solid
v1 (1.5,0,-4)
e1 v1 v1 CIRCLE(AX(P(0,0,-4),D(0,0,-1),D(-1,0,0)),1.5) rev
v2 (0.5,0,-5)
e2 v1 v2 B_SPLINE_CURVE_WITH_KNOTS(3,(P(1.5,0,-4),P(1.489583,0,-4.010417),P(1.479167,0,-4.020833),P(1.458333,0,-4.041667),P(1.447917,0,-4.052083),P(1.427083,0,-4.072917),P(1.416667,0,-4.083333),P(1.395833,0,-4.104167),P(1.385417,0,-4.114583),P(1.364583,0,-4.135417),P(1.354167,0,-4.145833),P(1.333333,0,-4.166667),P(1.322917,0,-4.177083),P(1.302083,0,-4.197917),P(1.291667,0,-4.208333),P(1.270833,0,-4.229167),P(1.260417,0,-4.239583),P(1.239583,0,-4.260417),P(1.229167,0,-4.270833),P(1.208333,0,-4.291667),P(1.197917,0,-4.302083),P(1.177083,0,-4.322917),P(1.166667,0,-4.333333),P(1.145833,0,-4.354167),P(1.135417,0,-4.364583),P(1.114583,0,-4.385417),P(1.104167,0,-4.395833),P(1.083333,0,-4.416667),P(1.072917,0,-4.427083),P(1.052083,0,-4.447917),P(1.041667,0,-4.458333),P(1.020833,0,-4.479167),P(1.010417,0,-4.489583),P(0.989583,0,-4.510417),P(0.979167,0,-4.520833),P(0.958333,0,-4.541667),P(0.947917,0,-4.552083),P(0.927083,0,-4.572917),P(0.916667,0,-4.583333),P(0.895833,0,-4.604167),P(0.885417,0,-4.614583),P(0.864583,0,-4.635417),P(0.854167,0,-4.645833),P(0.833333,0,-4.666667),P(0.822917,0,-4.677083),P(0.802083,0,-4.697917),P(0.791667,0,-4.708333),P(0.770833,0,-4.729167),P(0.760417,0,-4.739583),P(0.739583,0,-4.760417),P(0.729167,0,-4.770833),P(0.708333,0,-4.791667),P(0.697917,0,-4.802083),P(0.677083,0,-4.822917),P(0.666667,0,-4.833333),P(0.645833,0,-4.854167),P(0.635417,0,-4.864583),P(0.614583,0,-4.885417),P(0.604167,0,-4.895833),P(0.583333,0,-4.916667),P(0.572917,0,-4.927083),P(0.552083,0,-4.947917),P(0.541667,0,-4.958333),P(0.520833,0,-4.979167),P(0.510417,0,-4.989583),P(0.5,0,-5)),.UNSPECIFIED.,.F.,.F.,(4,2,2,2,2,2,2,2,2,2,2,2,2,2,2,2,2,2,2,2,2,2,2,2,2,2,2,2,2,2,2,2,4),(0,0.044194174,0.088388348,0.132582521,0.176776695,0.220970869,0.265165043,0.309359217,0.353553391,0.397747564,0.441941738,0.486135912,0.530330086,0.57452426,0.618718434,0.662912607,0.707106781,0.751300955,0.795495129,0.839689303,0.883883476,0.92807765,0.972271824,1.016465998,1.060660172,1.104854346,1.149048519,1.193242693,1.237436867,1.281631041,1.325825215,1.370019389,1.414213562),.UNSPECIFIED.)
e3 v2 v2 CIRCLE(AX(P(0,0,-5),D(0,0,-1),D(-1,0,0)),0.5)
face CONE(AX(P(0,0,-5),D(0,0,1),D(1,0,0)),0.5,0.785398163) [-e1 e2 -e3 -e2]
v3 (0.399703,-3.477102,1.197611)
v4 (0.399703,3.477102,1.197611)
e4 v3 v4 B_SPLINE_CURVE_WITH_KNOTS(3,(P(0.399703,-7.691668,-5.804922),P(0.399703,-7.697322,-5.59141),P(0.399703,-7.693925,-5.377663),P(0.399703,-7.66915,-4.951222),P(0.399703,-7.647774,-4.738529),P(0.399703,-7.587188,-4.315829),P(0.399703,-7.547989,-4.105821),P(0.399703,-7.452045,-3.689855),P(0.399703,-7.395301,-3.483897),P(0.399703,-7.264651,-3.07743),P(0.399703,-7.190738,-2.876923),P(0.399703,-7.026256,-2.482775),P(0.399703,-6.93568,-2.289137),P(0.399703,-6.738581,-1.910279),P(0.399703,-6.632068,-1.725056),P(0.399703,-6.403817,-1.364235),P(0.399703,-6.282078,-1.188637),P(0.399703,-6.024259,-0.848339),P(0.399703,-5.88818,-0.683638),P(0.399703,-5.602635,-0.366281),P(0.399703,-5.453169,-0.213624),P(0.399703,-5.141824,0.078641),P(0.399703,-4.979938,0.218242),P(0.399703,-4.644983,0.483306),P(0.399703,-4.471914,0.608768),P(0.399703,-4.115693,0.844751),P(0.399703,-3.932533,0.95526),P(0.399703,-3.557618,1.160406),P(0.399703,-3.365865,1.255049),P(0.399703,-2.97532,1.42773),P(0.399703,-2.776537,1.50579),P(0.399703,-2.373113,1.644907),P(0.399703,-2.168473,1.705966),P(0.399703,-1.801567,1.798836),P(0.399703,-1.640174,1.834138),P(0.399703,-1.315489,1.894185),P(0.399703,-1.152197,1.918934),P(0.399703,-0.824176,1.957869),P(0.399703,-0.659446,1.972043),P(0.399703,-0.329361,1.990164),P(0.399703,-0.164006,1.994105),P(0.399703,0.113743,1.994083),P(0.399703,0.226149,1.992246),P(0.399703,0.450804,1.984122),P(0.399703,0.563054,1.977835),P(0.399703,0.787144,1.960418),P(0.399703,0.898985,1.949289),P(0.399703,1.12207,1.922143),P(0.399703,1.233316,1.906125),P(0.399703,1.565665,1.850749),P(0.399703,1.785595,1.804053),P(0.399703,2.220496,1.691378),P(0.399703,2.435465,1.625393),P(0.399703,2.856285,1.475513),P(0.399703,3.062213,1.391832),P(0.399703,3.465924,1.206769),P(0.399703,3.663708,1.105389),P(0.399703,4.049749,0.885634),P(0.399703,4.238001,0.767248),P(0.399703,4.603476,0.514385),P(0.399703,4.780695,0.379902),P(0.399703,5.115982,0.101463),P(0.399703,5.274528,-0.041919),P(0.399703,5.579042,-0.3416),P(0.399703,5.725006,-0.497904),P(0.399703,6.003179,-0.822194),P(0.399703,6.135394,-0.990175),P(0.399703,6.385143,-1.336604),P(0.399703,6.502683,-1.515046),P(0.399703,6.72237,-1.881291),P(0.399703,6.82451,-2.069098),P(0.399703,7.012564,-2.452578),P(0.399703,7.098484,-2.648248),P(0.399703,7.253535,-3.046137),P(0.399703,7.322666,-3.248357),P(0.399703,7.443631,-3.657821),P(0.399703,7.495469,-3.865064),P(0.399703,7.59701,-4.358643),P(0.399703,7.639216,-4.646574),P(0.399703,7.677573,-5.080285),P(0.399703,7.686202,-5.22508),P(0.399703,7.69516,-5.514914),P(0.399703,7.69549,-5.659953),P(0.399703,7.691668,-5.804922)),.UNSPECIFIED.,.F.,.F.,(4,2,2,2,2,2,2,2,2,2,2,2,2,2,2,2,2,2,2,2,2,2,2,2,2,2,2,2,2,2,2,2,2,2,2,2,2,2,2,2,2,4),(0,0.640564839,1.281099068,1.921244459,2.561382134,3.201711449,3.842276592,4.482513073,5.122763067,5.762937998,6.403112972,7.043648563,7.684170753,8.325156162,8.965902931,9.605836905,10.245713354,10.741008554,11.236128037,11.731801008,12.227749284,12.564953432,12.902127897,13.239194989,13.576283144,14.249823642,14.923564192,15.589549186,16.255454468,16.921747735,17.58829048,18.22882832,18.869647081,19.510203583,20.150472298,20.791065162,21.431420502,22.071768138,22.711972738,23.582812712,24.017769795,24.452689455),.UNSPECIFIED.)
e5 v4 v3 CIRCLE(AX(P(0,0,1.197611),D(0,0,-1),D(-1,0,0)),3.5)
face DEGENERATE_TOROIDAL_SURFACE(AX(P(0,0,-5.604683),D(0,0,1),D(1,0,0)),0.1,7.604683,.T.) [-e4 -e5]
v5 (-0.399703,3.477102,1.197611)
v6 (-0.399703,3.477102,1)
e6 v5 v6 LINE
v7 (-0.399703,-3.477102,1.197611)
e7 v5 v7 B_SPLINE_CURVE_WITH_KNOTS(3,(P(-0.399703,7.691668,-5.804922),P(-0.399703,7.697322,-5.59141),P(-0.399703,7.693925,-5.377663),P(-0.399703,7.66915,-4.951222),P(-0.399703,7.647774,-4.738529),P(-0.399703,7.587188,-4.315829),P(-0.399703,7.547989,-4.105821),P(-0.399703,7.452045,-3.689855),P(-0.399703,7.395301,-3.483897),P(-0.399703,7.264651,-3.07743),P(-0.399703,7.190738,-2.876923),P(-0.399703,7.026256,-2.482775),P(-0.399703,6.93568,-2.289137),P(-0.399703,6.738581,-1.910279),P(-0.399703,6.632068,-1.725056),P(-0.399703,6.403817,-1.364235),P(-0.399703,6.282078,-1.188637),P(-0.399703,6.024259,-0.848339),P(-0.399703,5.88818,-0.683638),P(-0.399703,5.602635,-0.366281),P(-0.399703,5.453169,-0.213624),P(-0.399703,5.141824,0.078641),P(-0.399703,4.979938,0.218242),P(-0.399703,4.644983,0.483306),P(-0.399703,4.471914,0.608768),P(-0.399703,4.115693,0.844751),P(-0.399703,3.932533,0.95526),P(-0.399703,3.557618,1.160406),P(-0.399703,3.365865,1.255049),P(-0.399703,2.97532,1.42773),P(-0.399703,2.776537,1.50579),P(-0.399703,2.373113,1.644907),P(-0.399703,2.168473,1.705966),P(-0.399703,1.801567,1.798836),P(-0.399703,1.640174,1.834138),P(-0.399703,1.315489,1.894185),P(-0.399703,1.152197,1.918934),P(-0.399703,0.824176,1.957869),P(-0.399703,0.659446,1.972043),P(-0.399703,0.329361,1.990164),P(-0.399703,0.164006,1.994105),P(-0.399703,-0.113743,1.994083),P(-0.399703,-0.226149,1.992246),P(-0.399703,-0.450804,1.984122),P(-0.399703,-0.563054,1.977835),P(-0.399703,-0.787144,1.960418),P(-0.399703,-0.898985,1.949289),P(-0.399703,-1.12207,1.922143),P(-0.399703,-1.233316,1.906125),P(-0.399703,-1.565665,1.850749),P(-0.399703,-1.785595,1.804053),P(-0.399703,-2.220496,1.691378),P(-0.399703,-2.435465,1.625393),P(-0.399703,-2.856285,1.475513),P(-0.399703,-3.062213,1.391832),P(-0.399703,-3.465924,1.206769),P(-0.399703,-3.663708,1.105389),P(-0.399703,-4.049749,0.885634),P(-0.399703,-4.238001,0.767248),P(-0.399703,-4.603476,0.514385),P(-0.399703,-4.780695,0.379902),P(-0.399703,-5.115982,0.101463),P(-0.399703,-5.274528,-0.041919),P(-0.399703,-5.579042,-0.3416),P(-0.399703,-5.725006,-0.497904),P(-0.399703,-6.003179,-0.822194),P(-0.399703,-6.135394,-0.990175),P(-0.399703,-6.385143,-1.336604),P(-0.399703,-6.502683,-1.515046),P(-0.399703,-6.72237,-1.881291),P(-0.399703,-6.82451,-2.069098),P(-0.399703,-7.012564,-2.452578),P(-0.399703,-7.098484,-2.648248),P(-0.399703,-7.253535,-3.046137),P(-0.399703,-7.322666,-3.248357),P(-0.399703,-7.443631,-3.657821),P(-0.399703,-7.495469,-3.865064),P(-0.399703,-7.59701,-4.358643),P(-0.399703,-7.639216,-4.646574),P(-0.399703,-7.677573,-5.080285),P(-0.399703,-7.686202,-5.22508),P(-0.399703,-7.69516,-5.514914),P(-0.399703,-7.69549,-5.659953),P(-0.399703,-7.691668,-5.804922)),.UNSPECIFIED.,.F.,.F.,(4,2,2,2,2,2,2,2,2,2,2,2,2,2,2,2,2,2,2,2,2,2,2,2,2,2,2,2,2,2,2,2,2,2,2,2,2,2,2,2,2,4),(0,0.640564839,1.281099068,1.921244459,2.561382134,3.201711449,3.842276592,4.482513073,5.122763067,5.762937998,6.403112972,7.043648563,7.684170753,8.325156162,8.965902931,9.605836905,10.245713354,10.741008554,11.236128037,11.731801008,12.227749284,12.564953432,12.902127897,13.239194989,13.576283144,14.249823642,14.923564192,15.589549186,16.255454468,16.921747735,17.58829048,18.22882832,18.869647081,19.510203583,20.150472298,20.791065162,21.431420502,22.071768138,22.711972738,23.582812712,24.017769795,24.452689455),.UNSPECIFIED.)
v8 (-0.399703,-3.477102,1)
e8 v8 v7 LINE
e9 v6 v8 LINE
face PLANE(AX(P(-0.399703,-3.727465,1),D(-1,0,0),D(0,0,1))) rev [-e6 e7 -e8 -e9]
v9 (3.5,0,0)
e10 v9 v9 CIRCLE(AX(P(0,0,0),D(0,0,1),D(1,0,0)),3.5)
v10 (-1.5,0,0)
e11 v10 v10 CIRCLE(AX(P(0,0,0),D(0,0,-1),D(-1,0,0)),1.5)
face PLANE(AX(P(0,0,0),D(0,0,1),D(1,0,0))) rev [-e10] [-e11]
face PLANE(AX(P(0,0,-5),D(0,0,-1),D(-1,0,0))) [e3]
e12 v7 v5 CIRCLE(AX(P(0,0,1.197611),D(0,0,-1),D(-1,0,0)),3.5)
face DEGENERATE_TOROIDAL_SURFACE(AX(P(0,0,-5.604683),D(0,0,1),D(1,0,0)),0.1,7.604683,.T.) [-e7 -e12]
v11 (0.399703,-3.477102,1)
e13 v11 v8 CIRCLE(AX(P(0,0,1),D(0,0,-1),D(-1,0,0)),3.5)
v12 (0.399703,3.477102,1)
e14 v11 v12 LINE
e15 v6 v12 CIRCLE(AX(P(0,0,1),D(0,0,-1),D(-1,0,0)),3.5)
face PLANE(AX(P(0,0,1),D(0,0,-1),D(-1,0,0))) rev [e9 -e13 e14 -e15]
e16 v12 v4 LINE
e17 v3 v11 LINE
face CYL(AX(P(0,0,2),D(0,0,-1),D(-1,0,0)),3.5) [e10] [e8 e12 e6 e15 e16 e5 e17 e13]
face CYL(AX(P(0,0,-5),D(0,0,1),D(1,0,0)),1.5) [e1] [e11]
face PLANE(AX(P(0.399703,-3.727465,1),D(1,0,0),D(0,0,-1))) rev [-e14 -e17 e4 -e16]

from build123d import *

# Parameters (mm, degrees)
SKETCH_1_R          = 3.5
EXTRUDE_1_DEPTH     = 2
SKETCH_2_W          = 0.799406376
SKETCH_2_H          = 7.454929226
CUT_EXTRUDE_1_DEPTH = 1
SKETCH_3_R          = 1.5
EXTRUDE_2_DEPTH     = 5
CHAMFER_1_SIZE      = 1


with BuildPart() as part:
    # Эскиз1 → Бобышка-Вытянуть1 (new body)
    with BuildSketch(Plane.XY):
        Circle(SKETCH_1_R)
    extrude(amount=EXTRUDE_1_DEPTH)

    # Эскиз2 → Вырез-Вытянуть1 (cut)
    with BuildSketch(Plane.XY.offset(2)):
        Rectangle(SKETCH_2_W, SKETCH_2_H)
    extrude(amount=-CUT_EXTRUDE_1_DEPTH, mode=Mode.SUBTRACT)

    # Эскиз3 → Бобышка-Вытянуть2 (add)
    with BuildSketch(Plane(origin=(0, 0, 0), x_dir=(-1, 0, 0), z_dir=(0, 0, -1))):
        Circle(SKETCH_3_R)
    extrude(amount=EXTRUDE_2_DEPTH)

    # Фаска1
    chamfer_1_edges = [part.edges().sort_by_distance(p)[0] for p in [
        (1.5, 0, -5),
    ]]
    chamfer(chamfer_1_edges, length=CHAMFER_1_SIZE)

    # Эскиз6 → Вырез-Повернуть3 (revolve, cut)
    with BuildSketch(Plane(origin=(0, 0, 0), x_dir=(1, 0, 0), z_dir=(0, 1, 0))):
        with BuildLine():
            Line((0.1, -2), (3.503572085, -2))
            Line((3.503572085, -2), (3.503572085, -1.195824387))
            ThreePointArc((3.503572085, -1.195824387), (1.848642427, -1.796225946), (0.1, -2))
        make_face()
    revolve(axis=Axis((0, 0, 4.44135275), (0, 0, -1)), mode=Mode.SUBTRACT)


solid = part.part
